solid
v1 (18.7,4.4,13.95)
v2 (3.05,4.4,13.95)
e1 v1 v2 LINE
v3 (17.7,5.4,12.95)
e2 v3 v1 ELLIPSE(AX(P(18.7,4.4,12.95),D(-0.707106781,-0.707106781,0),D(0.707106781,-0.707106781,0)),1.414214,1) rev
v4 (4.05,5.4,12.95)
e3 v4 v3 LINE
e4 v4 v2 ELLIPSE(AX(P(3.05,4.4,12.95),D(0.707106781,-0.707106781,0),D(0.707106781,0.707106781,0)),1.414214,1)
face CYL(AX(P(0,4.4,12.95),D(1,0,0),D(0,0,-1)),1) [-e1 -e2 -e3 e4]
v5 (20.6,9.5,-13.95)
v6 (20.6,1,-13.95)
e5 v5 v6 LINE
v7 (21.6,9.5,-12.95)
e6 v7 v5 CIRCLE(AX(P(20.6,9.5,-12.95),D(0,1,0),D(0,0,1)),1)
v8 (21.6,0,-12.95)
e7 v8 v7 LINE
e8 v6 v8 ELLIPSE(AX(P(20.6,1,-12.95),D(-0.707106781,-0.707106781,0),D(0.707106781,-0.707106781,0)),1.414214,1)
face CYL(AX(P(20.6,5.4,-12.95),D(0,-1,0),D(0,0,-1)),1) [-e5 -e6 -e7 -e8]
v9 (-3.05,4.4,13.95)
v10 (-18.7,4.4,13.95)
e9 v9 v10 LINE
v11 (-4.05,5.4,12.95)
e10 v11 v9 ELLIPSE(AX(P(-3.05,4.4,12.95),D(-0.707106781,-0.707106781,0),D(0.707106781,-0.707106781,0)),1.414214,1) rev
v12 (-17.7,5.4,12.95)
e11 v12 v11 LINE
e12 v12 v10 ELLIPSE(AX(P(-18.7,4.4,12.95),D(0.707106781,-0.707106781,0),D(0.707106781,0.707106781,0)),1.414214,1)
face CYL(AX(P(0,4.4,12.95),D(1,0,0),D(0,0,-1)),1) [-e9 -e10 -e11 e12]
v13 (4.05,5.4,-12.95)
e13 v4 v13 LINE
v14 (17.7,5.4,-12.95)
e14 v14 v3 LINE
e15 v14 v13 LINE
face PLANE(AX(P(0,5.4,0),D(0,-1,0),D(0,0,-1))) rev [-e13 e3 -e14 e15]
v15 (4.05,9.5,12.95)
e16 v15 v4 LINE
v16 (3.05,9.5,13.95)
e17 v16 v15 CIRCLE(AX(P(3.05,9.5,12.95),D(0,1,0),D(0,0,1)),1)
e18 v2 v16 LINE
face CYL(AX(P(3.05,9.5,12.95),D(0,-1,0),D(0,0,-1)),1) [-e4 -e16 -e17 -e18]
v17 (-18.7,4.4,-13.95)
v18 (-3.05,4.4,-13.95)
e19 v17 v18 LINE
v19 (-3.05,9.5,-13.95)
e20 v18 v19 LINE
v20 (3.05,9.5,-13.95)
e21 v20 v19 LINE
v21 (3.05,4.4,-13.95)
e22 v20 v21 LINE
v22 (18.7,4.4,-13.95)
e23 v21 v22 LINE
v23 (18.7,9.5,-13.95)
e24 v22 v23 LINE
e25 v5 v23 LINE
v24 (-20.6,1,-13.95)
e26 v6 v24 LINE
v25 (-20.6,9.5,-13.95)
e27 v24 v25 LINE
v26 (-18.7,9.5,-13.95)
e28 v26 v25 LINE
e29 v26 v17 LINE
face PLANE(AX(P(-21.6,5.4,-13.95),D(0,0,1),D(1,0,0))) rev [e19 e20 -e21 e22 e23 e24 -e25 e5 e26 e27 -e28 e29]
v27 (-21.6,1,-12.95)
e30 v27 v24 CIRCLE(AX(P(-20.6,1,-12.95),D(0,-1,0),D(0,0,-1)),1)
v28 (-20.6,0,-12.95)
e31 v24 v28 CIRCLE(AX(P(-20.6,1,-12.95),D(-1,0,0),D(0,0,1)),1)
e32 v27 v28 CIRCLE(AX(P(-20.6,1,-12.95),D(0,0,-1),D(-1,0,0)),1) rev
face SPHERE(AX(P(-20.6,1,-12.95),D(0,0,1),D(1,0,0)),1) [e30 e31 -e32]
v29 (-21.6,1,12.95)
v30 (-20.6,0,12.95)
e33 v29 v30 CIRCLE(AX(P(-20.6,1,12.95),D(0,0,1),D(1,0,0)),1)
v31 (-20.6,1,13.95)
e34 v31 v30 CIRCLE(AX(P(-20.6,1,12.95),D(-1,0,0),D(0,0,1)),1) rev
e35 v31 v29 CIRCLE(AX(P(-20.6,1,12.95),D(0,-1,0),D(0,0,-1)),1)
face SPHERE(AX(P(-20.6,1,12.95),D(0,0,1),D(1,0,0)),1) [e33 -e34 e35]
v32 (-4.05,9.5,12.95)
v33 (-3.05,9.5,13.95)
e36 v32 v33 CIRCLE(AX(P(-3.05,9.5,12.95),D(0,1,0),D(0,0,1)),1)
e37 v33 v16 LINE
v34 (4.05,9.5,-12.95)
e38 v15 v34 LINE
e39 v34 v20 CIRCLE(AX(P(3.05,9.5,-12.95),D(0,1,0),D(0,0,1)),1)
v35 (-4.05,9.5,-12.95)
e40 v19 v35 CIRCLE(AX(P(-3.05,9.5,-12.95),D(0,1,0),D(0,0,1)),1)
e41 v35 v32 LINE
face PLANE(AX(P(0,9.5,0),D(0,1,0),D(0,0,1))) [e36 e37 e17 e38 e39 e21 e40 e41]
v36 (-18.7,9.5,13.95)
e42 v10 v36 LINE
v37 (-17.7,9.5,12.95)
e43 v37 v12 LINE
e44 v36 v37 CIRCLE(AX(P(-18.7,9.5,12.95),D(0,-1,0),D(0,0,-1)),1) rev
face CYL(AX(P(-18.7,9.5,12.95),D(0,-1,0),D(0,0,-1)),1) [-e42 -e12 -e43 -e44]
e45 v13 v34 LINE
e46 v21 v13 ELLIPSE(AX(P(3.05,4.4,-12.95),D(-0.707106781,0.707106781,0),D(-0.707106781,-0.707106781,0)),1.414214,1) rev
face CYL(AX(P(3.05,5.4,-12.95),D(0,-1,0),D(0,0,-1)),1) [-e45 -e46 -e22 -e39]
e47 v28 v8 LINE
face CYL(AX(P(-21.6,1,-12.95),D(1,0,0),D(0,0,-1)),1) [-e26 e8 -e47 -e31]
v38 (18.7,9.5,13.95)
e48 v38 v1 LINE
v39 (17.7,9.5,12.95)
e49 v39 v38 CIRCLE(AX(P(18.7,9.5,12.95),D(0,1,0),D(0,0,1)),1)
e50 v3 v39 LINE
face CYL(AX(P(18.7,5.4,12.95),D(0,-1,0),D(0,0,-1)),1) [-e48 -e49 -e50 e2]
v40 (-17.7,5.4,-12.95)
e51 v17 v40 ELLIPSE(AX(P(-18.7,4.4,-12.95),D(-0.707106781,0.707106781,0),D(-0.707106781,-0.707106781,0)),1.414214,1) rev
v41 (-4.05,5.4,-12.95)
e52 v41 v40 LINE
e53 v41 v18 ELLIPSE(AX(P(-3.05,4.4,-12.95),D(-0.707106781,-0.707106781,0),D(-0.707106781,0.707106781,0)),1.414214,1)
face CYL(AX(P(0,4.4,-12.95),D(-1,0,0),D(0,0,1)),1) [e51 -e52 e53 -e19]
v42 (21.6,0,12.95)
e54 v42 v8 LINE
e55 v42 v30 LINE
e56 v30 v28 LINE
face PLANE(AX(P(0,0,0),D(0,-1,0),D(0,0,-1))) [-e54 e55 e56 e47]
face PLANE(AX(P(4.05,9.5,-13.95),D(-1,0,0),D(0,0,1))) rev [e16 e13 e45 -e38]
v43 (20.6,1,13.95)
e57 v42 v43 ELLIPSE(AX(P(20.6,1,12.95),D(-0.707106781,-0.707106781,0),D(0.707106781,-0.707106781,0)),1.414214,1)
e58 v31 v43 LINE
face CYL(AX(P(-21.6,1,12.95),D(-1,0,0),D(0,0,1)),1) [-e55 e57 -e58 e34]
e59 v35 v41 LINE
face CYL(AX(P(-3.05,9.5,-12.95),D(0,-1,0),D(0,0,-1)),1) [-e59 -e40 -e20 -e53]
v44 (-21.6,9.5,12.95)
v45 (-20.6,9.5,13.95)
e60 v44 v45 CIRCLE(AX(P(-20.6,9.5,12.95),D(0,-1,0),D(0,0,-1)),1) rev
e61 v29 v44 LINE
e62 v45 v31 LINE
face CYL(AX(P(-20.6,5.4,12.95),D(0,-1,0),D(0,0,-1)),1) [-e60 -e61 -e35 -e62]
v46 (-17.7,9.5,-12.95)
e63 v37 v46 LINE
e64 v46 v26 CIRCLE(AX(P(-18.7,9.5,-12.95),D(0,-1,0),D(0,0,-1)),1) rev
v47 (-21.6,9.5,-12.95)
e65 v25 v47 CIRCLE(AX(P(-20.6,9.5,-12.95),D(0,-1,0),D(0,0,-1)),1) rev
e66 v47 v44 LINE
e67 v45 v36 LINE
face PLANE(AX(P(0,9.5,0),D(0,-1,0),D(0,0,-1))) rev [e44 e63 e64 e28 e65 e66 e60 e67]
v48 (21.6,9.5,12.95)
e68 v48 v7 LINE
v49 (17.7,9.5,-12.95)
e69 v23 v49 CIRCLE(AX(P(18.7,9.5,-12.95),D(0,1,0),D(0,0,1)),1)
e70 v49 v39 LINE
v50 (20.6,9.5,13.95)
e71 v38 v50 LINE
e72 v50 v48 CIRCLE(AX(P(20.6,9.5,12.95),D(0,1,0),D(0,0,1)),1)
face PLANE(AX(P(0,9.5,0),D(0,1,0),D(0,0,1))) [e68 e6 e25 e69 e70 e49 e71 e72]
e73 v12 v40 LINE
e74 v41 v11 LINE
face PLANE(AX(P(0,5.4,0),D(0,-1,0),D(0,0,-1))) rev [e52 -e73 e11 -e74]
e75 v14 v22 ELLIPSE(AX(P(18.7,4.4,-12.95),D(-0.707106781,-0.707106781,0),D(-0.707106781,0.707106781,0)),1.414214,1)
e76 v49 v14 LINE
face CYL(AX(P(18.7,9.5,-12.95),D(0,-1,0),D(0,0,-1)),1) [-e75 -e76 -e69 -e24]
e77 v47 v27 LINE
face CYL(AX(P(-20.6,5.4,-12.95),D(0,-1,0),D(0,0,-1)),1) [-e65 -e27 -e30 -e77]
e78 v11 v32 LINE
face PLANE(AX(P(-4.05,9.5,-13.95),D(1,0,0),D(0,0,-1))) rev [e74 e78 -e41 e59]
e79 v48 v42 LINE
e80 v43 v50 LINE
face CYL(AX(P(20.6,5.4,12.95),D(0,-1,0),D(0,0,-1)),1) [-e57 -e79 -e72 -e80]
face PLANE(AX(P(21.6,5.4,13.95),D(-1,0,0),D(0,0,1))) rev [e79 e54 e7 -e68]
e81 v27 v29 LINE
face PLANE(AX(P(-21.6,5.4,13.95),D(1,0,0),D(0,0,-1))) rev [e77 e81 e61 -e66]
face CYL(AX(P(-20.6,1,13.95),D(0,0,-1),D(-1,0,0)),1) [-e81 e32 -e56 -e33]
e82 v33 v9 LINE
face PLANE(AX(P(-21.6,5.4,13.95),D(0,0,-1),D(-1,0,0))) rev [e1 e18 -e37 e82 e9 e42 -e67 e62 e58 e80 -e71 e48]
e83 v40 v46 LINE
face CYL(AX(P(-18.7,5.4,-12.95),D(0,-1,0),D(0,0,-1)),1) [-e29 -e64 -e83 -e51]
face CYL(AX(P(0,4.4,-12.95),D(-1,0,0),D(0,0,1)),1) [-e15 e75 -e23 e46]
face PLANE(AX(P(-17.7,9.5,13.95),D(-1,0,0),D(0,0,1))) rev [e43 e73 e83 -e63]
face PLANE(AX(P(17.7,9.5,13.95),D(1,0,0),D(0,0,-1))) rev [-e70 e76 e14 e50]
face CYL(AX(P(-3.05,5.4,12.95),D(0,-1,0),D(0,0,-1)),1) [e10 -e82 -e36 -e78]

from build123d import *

# Parameters (mm, degrees)
SKETCH_1_W      = 43.2
SKETCH_1_H      = 27.9
EXTRUDE_1_DEPTH = 5.4
SKETCH_2_W      = 8.1
SKETCH_2_H      = 27.9
SKETCH_2_W_2    = 3.9
EXTRUDE_2_DEPTH = 4.1
FILLET_1_R      = 1


with BuildPart() as part:
    # Эскиз1 → Бобышка-Вытянуть1 (new body)
    with BuildSketch(Plane(origin=(0, 0, 0), x_dir=(1, 0, 0), z_dir=(0, 1, 0))):
        Rectangle(SKETCH_1_W, SKETCH_1_H)
    extrude(amount=EXTRUDE_1_DEPTH)

    # Эскиз2 → Бобышка-Вытянуть2 (add)
    with BuildSketch(Plane(origin=(0, 5.4, 0), x_dir=(1, 0, 0), z_dir=(0, 1, 0))):
        Rectangle(SKETCH_2_W, SKETCH_2_H)
        with Locations((-19.65, 0)):
            Rectangle(SKETCH_2_W_2, SKETCH_2_H)
        with Locations((19.65, 0)):
            Rectangle(SKETCH_2_W_2, SKETCH_2_H)
    extrude(amount=EXTRUDE_2_DEPTH)

    # Скругление1
    fillet_1_edges = [part.edges().sort_by_distance(p)[0] for p in [
        (-10.875, 5.4, -13.95),
        (10.875, 5.4, 13.95),
        (4.05, 7.45, 13.95),
        (4.05, 7.45, -13.95),
        (-4.05, 7.45, -13.95),
        (-4.05, 7.45, 13.95),
        (-10.875, 5.4, 13.95),
        (-17.7, 7.45, 13.95),
        (-17.7, 7.45, -13.95),
        (10.875, 5.4, -13.95),
        (17.7, 7.45, -13.95),
        (17.7, 7.45, 13.95),
        (0, 0, 13.95),
        (-21.6, 0, 0),
        (0, 0, -13.95),
        (21.6, 4.75, 13.95),
        (-21.6, 4.75, 13.95),
        (-21.6, 4.75, -13.95),
        (21.6, 4.75, -13.95),
    ]]
    fillet(fillet_1_edges, radius=FILLET_1_R)


solid = part.part
